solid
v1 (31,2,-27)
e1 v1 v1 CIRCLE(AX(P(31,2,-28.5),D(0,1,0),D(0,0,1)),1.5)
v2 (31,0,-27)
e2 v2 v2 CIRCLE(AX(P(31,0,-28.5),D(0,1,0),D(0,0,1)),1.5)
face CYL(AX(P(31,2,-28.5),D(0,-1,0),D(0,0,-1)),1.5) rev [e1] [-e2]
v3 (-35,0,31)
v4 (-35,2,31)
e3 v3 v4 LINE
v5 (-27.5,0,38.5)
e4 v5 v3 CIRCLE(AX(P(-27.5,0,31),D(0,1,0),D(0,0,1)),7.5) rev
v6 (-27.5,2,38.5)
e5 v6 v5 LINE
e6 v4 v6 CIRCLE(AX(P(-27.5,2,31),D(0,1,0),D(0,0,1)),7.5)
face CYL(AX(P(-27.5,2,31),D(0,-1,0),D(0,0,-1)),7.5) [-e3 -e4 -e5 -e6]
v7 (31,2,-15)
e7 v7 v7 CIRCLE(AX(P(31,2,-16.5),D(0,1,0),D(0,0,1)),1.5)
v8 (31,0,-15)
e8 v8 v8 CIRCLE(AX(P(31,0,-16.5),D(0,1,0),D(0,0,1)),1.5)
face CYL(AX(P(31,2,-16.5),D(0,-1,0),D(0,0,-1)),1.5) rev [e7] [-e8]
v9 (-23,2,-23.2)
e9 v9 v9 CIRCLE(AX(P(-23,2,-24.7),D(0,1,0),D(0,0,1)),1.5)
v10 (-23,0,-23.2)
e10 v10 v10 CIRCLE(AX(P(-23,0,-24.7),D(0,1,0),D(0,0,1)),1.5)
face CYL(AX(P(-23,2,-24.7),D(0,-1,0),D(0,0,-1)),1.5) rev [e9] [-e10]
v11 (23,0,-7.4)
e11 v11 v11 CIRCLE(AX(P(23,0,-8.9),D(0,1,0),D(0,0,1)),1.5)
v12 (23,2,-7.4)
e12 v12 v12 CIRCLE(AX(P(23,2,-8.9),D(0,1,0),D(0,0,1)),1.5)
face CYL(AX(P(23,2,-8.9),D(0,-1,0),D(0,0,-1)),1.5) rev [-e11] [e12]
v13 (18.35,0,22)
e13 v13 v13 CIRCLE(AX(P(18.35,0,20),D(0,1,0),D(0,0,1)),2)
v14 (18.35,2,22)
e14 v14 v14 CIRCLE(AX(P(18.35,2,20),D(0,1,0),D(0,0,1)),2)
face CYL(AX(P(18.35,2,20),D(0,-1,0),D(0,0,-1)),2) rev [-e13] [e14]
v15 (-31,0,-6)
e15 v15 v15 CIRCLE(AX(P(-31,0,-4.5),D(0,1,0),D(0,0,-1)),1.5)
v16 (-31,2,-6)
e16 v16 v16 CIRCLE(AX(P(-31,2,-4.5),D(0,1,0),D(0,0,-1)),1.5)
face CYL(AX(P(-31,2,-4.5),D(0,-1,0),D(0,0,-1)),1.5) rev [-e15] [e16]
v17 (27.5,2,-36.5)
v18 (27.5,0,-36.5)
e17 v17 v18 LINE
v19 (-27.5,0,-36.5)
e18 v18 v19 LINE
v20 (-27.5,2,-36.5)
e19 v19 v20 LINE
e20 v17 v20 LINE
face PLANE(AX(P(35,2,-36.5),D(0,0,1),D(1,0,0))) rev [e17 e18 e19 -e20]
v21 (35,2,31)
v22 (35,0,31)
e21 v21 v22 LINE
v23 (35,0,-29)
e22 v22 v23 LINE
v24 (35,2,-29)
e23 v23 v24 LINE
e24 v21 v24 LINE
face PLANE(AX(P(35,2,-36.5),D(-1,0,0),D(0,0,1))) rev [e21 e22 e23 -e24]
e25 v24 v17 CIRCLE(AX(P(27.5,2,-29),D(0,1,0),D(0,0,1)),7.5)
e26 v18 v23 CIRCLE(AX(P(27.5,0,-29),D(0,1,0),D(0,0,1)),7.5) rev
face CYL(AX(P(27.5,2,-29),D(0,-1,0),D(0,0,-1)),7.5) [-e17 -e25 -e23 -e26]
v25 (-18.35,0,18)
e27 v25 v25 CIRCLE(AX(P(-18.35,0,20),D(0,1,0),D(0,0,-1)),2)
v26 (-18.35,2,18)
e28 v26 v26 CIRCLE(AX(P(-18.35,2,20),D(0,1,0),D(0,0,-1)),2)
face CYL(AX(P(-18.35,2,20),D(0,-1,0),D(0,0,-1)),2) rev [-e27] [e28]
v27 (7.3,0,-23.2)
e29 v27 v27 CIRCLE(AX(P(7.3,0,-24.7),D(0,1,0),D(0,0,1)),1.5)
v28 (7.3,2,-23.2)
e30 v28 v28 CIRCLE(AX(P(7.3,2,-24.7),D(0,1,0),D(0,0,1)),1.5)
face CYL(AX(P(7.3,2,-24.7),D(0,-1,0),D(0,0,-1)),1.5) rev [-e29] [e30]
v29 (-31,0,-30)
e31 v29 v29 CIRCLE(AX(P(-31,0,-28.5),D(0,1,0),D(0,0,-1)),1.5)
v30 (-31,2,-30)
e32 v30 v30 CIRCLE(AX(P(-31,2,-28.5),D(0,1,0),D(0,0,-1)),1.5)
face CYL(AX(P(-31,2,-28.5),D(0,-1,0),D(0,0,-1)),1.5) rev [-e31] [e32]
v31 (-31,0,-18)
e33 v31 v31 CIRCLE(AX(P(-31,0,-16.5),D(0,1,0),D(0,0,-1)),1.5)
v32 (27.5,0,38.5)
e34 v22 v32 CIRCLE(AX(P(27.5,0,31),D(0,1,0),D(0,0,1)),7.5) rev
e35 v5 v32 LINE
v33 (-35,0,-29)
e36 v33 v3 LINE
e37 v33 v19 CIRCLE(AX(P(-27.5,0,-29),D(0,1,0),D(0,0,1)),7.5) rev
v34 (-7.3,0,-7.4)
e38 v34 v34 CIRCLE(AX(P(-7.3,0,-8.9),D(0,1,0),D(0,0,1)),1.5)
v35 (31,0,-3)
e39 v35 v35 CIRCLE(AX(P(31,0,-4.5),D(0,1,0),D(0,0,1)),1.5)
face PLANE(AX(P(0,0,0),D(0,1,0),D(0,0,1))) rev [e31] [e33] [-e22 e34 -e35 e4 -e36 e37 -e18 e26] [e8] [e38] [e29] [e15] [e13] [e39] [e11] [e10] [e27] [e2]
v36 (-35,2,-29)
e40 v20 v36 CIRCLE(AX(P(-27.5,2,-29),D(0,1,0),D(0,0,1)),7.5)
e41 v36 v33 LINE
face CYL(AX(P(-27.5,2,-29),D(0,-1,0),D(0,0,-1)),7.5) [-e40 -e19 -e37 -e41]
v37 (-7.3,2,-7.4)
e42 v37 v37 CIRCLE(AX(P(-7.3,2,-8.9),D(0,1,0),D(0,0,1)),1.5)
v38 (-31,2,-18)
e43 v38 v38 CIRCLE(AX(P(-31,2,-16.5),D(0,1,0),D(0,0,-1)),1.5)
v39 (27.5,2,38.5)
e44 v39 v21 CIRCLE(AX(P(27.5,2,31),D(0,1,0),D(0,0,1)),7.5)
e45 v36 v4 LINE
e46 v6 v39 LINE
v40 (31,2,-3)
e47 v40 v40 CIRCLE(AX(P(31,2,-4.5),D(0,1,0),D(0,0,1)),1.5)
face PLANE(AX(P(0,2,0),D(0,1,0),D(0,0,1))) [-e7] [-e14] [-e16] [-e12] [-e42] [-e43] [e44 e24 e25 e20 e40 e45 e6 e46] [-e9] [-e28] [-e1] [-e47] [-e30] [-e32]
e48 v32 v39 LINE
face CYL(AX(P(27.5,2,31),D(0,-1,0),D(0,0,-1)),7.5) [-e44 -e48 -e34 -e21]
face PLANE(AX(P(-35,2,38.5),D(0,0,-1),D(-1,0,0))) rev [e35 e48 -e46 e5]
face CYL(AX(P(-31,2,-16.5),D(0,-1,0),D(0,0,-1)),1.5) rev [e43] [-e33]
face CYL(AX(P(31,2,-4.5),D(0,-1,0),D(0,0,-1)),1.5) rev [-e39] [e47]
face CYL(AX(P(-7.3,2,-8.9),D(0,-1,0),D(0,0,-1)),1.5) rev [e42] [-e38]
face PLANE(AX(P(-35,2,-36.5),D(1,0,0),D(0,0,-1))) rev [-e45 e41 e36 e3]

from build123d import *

# Parameters (mm, degrees)
SKETCH1_W           = 70
SKETCH1_H           = 75
SKETCH1_R           = 1.5
SKETCH1_R_2         = 2
BOSS_EXTRUDE1_DEPTH = 2
FILLET2_R           = 7.5


with BuildPart() as part:
    # Sketch1 → Boss-Extrude1 (new body)
    with BuildSketch(Plane(origin=(0, 0, 0), x_dir=(1, 0, 0), z_dir=(0, 1, 0))):
        with Locations((0, -1)):
            Rectangle(SKETCH1_W, SKETCH1_H)
        with Locations(Location((7.3, 24.7, 0), (0, 0, 270))):
            Circle(SKETCH1_R, mode=Mode.SUBTRACT)
        with Locations(Location((23, 8.9, 0), (0, 0, 270))):
            Circle(SKETCH1_R, mode=Mode.SUBTRACT)
        with Locations(Location((-23, 24.7, 0), (0, 0, 270))):
            Circle(SKETCH1_R, mode=Mode.SUBTRACT)
        with Locations(Location((-7.3, 8.9, 0), (0, 0, 270))):
            Circle(SKETCH1_R, mode=Mode.SUBTRACT)
        with Locations(Location((31, 16.5, 0), (0, 0, 270))):
            Circle(SKETCH1_R, mode=Mode.SUBTRACT)
        with Locations(Location((31, 28.5, 0), (0, 0, 270))):
            Circle(SKETCH1_R, mode=Mode.SUBTRACT)
        with Locations(Location((31, 4.5, 0), (0, 0, 270))):
            Circle(SKETCH1_R, mode=Mode.SUBTRACT)
        with Locations(Location((-31, 28.5, 0), (0, 0, 90))):
            Circle(SKETCH1_R, mode=Mode.SUBTRACT)
        with Locations(Location((-31, 16.5, 0), (0, 0, 90))):
            Circle(SKETCH1_R, mode=Mode.SUBTRACT)
        with Locations(Location((-31, 4.5, 0), (0, 0, 90))):
            Circle(SKETCH1_R, mode=Mode.SUBTRACT)
        with Locations(Location((18.35, -20, 0), (0, 0, 270))):
            Circle(SKETCH1_R_2, mode=Mode.SUBTRACT)
        with Locations(Location((-18.35, -20, 0), (0, 0, 90))):
            Circle(SKETCH1_R_2, mode=Mode.SUBTRACT)
    extrude(amount=BOSS_EXTRUDE1_DEPTH)

    # Fillet2
    fillet2_edges = [part.edges().sort_by_distance(p)[0] for p in [
        (-35, 1, -36.5),
        (35, 1, -36.5),
        (35, 1, 38.5),
        (-35, 1, 38.5),
    ]]
    fillet(fillet2_edges, radius=FILLET2_R)


solid = part.part
